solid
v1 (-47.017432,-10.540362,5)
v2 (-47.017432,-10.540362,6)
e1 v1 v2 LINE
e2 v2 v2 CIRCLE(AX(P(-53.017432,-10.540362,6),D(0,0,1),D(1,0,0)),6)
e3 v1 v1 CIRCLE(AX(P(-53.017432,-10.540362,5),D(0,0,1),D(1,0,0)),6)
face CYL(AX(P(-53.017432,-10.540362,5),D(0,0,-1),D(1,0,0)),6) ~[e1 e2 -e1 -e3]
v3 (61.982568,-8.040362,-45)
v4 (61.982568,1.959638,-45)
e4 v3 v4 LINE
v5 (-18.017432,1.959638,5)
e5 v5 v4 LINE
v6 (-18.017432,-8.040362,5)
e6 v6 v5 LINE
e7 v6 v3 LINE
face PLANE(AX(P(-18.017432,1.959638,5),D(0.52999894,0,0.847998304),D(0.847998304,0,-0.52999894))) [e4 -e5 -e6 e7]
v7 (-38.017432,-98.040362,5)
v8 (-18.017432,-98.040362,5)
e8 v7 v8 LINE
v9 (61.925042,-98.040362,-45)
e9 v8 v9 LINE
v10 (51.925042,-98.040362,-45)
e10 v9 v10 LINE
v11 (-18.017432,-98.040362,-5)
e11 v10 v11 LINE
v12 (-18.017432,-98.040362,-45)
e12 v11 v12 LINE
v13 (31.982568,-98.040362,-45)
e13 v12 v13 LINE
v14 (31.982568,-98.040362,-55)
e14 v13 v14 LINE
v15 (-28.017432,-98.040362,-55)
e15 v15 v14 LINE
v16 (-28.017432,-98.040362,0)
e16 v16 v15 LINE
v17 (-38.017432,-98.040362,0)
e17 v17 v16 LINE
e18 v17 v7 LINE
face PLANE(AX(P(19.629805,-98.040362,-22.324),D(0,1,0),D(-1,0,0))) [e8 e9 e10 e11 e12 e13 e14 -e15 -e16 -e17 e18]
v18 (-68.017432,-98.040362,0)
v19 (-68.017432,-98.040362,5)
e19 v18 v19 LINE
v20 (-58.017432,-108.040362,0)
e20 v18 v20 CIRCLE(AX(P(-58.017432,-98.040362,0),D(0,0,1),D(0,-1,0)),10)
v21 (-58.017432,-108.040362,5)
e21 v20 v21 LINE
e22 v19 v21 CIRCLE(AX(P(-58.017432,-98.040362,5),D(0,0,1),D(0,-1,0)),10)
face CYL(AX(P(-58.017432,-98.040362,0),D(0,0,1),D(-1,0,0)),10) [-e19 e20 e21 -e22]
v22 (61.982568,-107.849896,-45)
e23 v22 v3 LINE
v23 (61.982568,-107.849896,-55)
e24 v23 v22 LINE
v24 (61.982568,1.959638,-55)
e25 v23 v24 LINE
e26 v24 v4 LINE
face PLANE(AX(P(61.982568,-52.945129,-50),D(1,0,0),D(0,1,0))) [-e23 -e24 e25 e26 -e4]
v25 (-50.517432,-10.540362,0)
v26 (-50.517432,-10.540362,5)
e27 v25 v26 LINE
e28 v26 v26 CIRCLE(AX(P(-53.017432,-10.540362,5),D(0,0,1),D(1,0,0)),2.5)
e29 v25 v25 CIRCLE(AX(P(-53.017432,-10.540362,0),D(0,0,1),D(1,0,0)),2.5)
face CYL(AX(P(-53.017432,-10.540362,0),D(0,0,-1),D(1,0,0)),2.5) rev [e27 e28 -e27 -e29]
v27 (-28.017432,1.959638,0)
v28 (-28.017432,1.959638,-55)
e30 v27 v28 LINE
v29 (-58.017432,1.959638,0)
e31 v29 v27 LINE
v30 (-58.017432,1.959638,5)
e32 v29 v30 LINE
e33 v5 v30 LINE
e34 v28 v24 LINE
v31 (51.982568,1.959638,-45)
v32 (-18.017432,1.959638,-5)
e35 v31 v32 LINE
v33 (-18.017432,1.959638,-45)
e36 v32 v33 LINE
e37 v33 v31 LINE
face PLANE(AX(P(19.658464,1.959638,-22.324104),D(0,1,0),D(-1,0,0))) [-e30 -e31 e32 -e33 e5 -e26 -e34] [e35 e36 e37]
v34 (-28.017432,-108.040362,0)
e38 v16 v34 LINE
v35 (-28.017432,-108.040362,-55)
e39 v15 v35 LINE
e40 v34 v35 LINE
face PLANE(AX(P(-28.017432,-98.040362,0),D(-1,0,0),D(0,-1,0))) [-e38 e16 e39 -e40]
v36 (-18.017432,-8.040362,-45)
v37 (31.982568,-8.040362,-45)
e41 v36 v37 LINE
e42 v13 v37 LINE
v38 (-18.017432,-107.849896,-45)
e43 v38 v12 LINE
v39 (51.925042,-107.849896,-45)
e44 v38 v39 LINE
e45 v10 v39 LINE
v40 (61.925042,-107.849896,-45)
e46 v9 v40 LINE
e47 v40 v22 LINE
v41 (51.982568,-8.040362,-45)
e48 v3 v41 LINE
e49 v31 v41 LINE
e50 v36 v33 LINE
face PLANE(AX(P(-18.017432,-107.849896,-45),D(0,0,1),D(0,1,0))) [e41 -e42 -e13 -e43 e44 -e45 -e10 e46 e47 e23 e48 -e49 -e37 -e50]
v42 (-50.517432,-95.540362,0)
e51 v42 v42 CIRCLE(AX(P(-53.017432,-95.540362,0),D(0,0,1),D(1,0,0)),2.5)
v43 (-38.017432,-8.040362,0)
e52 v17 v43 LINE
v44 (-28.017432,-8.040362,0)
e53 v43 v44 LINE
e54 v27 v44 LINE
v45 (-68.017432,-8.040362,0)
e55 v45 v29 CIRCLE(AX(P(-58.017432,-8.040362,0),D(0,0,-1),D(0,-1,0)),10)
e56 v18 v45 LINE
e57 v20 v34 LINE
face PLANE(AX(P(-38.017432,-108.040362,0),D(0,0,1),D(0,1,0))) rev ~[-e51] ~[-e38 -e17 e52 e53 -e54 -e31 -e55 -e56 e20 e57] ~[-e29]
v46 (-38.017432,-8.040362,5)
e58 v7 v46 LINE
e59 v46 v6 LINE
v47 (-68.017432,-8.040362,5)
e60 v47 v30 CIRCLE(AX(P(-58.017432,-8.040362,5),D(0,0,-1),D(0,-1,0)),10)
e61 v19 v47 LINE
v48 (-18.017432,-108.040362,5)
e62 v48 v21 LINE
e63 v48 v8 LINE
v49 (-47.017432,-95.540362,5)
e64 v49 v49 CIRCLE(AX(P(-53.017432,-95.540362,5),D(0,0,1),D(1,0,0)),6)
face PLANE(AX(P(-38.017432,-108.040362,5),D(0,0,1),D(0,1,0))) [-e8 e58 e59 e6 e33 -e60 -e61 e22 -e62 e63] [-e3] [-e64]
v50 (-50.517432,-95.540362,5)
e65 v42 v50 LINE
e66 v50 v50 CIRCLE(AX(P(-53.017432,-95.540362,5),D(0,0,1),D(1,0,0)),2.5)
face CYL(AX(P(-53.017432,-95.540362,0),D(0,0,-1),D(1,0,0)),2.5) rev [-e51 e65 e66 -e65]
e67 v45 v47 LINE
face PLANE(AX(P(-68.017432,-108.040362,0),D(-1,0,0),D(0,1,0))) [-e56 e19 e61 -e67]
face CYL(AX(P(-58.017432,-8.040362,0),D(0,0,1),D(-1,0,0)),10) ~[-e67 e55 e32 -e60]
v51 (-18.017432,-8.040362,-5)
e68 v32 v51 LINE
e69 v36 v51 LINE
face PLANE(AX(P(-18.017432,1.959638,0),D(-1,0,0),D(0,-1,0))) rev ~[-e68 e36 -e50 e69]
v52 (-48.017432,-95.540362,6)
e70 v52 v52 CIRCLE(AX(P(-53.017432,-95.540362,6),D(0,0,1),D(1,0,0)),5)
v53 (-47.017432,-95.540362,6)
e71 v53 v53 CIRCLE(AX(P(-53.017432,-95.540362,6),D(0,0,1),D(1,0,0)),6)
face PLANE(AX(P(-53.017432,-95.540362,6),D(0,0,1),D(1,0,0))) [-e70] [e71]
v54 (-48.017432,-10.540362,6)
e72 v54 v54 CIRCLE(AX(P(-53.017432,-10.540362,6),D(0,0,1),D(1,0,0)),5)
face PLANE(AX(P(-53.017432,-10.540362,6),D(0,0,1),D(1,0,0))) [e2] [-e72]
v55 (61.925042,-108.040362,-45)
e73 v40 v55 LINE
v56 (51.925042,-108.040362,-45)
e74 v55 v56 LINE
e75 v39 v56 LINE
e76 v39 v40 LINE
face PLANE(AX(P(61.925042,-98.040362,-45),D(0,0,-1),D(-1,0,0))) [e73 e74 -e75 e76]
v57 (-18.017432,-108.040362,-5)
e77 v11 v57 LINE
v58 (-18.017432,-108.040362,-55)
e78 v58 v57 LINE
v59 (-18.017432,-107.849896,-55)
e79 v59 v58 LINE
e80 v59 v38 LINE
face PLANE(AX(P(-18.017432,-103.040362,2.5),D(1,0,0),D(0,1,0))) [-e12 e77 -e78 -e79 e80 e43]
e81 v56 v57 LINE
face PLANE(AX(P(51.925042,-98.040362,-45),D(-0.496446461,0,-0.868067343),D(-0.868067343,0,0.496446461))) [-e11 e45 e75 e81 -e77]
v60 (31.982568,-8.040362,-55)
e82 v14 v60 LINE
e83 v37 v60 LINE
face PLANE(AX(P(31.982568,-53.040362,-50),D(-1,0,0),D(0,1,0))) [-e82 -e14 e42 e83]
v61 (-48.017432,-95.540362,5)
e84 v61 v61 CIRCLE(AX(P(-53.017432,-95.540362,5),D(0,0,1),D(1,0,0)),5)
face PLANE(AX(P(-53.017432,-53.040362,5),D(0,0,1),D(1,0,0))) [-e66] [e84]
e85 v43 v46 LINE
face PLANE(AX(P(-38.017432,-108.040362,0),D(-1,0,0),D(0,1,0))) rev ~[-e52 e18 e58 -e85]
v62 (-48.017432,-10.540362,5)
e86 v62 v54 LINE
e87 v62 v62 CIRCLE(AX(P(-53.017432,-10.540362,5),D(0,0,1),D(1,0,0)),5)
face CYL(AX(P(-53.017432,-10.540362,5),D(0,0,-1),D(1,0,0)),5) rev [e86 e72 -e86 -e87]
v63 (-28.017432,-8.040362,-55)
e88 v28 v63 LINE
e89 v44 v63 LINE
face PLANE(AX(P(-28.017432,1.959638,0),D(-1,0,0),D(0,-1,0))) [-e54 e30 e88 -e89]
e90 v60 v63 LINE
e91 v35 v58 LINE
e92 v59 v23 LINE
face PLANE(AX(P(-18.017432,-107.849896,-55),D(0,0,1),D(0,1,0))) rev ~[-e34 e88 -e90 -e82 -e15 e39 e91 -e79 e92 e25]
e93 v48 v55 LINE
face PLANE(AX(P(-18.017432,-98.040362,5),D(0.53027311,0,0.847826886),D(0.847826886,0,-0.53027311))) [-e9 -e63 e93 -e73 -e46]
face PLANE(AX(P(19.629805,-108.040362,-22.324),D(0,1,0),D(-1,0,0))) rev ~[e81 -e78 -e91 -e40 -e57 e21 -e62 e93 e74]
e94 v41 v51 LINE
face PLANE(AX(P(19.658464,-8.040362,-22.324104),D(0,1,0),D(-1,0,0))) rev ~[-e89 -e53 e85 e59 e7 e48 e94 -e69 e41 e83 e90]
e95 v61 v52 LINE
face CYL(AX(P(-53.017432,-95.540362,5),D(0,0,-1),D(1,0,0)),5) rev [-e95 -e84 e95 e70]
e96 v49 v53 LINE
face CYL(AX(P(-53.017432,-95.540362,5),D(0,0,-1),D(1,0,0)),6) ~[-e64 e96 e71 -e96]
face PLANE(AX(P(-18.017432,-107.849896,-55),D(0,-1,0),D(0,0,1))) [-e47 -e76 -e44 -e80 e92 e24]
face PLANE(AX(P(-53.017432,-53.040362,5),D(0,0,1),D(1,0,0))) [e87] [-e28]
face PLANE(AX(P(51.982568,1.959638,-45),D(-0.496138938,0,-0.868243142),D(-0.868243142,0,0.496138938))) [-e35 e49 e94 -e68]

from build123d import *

# Parameters (mm, degrees)
F0_W       = 30
F0_H       = 110
F0_R       = 2.5
F1_DEPTH   = 5
F2_R       = 10
F3_R       = 6
F3_R_2     = 5
F4_DEPTH   = 1
F5_W       = 10
F5_H       = 5
F6_DEPTH   = 20
F7_W       = 10
F7_H       = 10
F8_DEPTH   = 55
F9_W       = 109.809534
F9_H       = 10
F10_DEPTH  = 80
F10_FACE_W = 90
F10_FACE_H = 10
F11_DEPTH  = 50
F13_DEPTH  = 10
F15_DEPTH  = 10


with BuildPart() as f1:
    # F0 (on Top) → F1 (new body)
    with BuildSketch(Plane.XY):
        with Locations((-53.017432, -53.040362)):
            Rectangle(F0_W, F0_H)
        with Locations((-53.017432, -95.540362)):
            Circle(F0_R, mode=Mode.SUBTRACT)
        with Locations((-53.017432, -10.540362)):
            Circle(F0_R, mode=Mode.SUBTRACT)
    extrude(amount=F1_DEPTH)

    # F2
    f2_edges = [f1.edges().sort_by_distance(p)[0] for p in [
        (-68.017432, -108.040362, 2.5),
        (-68.017432, 1.959638, 2.5),
    ]]
    fillet(f2_edges, radius=F2_R)

    # F3 (on face) → F4 (join)
    with BuildSketch(Plane.XY.offset(5)):
        with Locations((-53.017432, -10.540362)):
            Circle(F3_R)
        with Locations((-53.017432, -10.540362)):
            Circle(F3_R_2, mode=Mode.SUBTRACT)
        with Locations((-53.017432, -95.540362)):
            Circle(F3_R)
        with Locations((-53.017432, -95.540362)):
            Circle(F3_R_2, mode=Mode.SUBTRACT)
    extrude(amount=F4_DEPTH)

    # F5 (on face) → F6 (join)
    with BuildSketch(Plane.YZ.offset(-38.017432)):
        with Locations((-103.040362, 2.5)):
            Rectangle(F5_W, F5_H)
        with Locations((-3.040362, 2.5)):
            Rectangle(F5_W, F5_H)
    extrude(amount=F6_DEPTH)

    # F7 (on face) → F8 (join)
    with BuildSketch(Plane(origin=(0, 0, 0), x_dir=(1, 0, 0), z_dir=(0, 0, -1))):
        with Locations((-23.017432, 3.040362)):
            Rectangle(F7_W, F7_H)
        with Locations((-23.017432, 103.040362)):
            Rectangle(F7_W, F7_H)
    extrude(amount=F8_DEPTH)

    # F9 (on face) → F10 (join)
    with BuildSketch(Plane.YZ.offset(-18.017432)):
        with Locations((-52.945129, -50)):
            Rectangle(F9_W, F9_H)
    extrude(amount=F10_DEPTH)

    # F10_face (on face) → F11 (cut)
    with BuildSketch(Plane(origin=(-18.017432, -53.040362, -50), x_dir=(0, 1, 0), z_dir=(-1, 0, 0))):
        Rectangle(F10_FACE_W, F10_FACE_H)
    extrude(amount=-F11_DEPTH, mode=Mode.SUBTRACT)

    # F12 (on face) → F13 (join)
    with BuildSketch(Plane(origin=(0, 1.959638, 0), x_dir=(-1, 0, 0), z_dir=(0, 1, 0))):
        Polygon((18.017432, -5), (18.017432, 5), (-61.982568, -45), (-51.982568, -45), align=None)
    extrude(amount=-F13_DEPTH)

    # F14 (on face) → F15 (join)
    with BuildSketch(Plane(origin=(0, -98.040362, 0), x_dir=(-1, 0, 0), z_dir=(0, 1, 0))):
        Polygon((18.017432, -5), (18.017432, 5), (-61.925042, -45), (-51.925042, -45), align=None)
    extrude(amount=-F15_DEPTH)


solid = f1.part
